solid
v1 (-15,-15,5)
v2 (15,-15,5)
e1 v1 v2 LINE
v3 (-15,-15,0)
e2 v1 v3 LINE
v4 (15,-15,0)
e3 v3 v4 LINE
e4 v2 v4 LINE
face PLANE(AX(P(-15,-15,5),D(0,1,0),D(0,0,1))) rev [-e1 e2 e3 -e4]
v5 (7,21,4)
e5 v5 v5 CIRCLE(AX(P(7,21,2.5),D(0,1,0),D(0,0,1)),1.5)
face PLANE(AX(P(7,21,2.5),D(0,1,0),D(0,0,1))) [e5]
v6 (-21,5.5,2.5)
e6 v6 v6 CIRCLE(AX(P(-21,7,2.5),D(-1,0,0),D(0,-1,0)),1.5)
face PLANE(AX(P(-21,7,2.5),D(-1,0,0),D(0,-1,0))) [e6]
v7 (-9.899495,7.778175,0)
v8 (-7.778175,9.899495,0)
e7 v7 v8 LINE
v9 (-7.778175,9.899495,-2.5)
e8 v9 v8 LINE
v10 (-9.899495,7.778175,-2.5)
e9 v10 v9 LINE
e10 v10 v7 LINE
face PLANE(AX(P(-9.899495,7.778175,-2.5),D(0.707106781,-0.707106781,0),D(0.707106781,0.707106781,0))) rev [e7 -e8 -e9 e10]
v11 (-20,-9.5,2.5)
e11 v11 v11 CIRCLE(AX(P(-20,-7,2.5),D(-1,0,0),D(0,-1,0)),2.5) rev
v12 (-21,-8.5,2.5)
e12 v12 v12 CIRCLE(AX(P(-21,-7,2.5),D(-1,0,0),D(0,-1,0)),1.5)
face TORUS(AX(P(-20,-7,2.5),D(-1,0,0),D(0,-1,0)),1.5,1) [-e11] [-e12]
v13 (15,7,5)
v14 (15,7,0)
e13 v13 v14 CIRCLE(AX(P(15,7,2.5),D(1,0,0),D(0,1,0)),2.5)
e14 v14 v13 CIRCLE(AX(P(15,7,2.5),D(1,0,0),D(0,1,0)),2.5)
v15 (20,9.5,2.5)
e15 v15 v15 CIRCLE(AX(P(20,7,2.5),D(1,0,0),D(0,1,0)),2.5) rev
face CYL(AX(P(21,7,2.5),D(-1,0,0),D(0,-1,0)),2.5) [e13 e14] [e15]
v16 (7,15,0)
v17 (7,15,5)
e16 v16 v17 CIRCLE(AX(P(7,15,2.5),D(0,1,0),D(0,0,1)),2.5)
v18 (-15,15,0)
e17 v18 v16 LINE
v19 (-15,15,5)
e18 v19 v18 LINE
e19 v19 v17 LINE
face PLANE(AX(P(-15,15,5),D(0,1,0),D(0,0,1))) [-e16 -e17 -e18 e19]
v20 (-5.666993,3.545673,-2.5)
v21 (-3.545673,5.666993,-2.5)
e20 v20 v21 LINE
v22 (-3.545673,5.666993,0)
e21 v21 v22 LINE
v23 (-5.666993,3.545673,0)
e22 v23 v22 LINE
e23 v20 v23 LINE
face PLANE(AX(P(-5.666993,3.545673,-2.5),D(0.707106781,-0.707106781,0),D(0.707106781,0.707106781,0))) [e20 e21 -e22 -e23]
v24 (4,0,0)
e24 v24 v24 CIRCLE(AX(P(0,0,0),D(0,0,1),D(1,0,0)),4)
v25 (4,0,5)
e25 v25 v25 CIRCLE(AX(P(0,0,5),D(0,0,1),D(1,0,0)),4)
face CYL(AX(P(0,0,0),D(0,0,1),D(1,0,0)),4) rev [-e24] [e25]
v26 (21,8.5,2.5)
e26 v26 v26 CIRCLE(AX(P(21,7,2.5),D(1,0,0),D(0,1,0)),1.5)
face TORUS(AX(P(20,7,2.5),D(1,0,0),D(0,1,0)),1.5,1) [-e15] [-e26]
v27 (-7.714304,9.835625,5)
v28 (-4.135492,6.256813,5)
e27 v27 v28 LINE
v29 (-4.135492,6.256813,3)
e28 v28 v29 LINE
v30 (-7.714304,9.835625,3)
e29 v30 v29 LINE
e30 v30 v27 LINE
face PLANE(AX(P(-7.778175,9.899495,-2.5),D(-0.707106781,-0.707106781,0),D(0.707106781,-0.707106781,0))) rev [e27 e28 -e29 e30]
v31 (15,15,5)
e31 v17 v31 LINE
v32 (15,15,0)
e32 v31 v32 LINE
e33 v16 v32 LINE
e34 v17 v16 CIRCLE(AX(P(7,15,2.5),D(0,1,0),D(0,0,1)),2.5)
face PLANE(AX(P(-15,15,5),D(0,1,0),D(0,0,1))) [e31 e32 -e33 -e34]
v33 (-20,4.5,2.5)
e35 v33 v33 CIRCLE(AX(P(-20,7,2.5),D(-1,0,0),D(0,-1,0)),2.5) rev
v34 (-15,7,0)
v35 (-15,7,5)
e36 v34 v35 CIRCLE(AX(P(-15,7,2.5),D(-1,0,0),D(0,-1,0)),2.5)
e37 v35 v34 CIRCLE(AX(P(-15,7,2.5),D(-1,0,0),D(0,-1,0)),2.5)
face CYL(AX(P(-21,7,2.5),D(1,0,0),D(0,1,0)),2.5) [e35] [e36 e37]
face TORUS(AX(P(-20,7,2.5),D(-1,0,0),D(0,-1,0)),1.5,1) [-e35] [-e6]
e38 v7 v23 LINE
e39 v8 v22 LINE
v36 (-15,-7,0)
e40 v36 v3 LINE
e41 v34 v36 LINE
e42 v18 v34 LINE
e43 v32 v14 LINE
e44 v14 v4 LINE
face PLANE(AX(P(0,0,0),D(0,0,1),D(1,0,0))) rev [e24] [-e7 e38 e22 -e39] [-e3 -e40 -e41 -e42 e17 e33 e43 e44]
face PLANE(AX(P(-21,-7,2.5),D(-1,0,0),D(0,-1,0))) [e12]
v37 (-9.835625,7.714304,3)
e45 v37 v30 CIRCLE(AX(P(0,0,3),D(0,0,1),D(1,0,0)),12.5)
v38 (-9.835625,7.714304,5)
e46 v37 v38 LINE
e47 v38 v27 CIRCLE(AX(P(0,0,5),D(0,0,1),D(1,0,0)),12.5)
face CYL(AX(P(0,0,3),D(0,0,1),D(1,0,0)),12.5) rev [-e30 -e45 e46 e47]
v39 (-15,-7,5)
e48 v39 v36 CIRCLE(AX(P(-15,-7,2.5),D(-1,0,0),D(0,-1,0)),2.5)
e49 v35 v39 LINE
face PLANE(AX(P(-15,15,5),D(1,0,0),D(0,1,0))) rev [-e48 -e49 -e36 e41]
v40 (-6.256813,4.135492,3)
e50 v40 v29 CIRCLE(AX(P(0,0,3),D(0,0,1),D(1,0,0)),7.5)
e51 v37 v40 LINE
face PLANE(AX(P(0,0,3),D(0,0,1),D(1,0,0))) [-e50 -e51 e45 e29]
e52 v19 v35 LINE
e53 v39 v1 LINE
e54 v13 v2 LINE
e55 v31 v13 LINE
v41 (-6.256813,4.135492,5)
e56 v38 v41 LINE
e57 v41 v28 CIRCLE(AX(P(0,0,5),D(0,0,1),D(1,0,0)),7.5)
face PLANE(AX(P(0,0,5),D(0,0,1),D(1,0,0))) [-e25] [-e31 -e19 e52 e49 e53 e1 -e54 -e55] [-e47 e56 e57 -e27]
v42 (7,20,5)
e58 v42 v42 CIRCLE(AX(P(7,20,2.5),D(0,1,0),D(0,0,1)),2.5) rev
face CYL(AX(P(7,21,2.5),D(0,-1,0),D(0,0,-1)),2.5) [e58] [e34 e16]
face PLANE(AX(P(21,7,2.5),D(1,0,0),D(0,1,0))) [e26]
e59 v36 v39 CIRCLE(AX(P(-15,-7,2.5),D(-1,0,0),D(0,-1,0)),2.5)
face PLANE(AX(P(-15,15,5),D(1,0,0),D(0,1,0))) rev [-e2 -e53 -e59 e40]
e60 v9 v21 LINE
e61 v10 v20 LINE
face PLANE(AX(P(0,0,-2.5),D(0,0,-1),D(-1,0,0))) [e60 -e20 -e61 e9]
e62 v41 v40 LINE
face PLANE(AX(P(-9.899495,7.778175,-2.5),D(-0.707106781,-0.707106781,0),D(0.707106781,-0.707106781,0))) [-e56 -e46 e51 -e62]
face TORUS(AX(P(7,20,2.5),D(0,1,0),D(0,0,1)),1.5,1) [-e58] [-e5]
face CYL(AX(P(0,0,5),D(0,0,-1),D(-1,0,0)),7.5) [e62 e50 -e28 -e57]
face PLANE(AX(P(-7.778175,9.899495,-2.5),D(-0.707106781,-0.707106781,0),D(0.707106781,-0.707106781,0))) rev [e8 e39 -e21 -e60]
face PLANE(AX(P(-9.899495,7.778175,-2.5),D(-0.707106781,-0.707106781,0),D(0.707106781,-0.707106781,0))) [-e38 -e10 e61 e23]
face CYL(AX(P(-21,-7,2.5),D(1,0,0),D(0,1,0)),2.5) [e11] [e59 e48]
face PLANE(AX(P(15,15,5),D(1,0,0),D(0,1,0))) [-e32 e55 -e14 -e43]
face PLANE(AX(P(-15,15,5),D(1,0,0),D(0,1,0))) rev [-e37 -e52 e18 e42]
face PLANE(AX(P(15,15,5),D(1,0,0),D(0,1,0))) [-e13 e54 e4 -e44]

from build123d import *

# Parameters (mm, degrees)
ESQUISSE2_W              = 30
ESQUISSE2_H              = 30
BOSS_EXTRU_1_DEPTH       = 5
ESQUISSE16_R             = 2.5
BOSS_EXTRU_7_DEPTH       = 6
CONG_3_R                 = 1
ESQUISSE18_R             = 2.5
BOSS_EXTRU_9_DEPTH       = 6
CONG_5_R                 = 1
ESQUISSE8_R              = 12.5
ENL_V_MAT_EXTRU_1_DEPTH  = 2
ESQUISSE19_R             = 7.5
BOSS_EXTRU_10_DEPTH      = 2
ESQUISSE33_R             = 4
ENL_V_MAT_EXTRU_3_DEPTH  = 6
ESQUISSE35_R             = 2.5
BOSS_EXTRU_26_DEPTH      = 6
CONG_6_R                 = 1
BOSS_EXTRU_27_DEPTH      = 2
BOSS_EXTRU_27_DEPTH_BACK = 5.5


with BuildPart() as part:
    # Esquisse2 → Boss.-Extru.1 (new body)
    with BuildSketch(Plane.XY):
        Rectangle(ESQUISSE2_W, ESQUISSE2_H)
    extrude(amount=BOSS_EXTRU_1_DEPTH)

    # Esquisse16 → Boss.-Extru.7 (add)
    with BuildSketch(Plane.ZY.offset(15)):
        with Locations((2.5, 7)):
            Circle(ESQUISSE16_R)
        with Locations((2.5, -7)):
            Circle(ESQUISSE16_R)
    extrude(amount=BOSS_EXTRU_7_DEPTH)

    # Congé3
    cong_3_edges = [part.edges().sort_by_distance(p)[0] for p in [
        (-21, 7, 0),
        (-21, -7, 0),
    ]]
    fillet(cong_3_edges, radius=CONG_3_R)

    # Esquisse18 → Boss.-Extru.9 (add)
    with BuildSketch(Plane(origin=(15, 0, 0), x_dir=(0, 0, -1), z_dir=(1, 0, 0))):
        with Locations((-2.5, 7)):
            Circle(ESQUISSE18_R)
    extrude(amount=BOSS_EXTRU_9_DEPTH)

    # Congé5
    cong_5_edges = [part.edges().sort_by_distance(p)[0] for p in [
        (21, 7, 5),
    ]]
    fillet(cong_5_edges, radius=CONG_5_R)

    # Esquisse8 → Enlèv. mat.-Extru.1 (cut)
    with BuildSketch(Plane.XY.offset(5)):
        Circle(ESQUISSE8_R)
    extrude(amount=-ENL_V_MAT_EXTRU_1_DEPTH, mode=Mode.SUBTRACT)

    # Esquisse19 → Boss.-Extru.10 (add)
    with BuildSketch(Plane.XY.offset(3)):
        Circle(ESQUISSE19_R)
    extrude(amount=BOSS_EXTRU_10_DEPTH)

    # Esquisse33 → Enlèv. mat.-Extru.3 (cut, through all)
    with BuildSketch(Plane.XY.offset(5)):
        Circle(ESQUISSE33_R)
    extrude(amount=-ENL_V_MAT_EXTRU_3_DEPTH, mode=Mode.SUBTRACT)

    # Esquisse35 → Boss.-Extru.26 (add)
    with BuildSketch(Plane(origin=(0, 15, 0), x_dir=(1, 0, 0), z_dir=(0, 1, 0))):
        with Locations((7, -2.5)):
            Circle(ESQUISSE35_R)
    extrude(amount=BOSS_EXTRU_26_DEPTH)

    # Congé6
    cong_6_edges = [part.edges().sort_by_distance(p)[0] for p in [
        (4.5, 21, 2.5),
    ]]
    fillet(cong_6_edges, radius=CONG_6_R)

    # Esquisse31 → Boss.-Extru.27 (add, two sides)
    with BuildSketch(Plane.XY.offset(3)) as boss_extru_27_sk:
        Polygon((-9.899494937, 7.778174593), (-7.778174593, 9.899494937), (-3.545672625, 5.666992969), (-5.666992969, 3.545672625), align=None)
    extrude(amount=BOSS_EXTRU_27_DEPTH)
    extrude(boss_extru_27_sk.sketch, amount=-BOSS_EXTRU_27_DEPTH_BACK)


solid = part.part
